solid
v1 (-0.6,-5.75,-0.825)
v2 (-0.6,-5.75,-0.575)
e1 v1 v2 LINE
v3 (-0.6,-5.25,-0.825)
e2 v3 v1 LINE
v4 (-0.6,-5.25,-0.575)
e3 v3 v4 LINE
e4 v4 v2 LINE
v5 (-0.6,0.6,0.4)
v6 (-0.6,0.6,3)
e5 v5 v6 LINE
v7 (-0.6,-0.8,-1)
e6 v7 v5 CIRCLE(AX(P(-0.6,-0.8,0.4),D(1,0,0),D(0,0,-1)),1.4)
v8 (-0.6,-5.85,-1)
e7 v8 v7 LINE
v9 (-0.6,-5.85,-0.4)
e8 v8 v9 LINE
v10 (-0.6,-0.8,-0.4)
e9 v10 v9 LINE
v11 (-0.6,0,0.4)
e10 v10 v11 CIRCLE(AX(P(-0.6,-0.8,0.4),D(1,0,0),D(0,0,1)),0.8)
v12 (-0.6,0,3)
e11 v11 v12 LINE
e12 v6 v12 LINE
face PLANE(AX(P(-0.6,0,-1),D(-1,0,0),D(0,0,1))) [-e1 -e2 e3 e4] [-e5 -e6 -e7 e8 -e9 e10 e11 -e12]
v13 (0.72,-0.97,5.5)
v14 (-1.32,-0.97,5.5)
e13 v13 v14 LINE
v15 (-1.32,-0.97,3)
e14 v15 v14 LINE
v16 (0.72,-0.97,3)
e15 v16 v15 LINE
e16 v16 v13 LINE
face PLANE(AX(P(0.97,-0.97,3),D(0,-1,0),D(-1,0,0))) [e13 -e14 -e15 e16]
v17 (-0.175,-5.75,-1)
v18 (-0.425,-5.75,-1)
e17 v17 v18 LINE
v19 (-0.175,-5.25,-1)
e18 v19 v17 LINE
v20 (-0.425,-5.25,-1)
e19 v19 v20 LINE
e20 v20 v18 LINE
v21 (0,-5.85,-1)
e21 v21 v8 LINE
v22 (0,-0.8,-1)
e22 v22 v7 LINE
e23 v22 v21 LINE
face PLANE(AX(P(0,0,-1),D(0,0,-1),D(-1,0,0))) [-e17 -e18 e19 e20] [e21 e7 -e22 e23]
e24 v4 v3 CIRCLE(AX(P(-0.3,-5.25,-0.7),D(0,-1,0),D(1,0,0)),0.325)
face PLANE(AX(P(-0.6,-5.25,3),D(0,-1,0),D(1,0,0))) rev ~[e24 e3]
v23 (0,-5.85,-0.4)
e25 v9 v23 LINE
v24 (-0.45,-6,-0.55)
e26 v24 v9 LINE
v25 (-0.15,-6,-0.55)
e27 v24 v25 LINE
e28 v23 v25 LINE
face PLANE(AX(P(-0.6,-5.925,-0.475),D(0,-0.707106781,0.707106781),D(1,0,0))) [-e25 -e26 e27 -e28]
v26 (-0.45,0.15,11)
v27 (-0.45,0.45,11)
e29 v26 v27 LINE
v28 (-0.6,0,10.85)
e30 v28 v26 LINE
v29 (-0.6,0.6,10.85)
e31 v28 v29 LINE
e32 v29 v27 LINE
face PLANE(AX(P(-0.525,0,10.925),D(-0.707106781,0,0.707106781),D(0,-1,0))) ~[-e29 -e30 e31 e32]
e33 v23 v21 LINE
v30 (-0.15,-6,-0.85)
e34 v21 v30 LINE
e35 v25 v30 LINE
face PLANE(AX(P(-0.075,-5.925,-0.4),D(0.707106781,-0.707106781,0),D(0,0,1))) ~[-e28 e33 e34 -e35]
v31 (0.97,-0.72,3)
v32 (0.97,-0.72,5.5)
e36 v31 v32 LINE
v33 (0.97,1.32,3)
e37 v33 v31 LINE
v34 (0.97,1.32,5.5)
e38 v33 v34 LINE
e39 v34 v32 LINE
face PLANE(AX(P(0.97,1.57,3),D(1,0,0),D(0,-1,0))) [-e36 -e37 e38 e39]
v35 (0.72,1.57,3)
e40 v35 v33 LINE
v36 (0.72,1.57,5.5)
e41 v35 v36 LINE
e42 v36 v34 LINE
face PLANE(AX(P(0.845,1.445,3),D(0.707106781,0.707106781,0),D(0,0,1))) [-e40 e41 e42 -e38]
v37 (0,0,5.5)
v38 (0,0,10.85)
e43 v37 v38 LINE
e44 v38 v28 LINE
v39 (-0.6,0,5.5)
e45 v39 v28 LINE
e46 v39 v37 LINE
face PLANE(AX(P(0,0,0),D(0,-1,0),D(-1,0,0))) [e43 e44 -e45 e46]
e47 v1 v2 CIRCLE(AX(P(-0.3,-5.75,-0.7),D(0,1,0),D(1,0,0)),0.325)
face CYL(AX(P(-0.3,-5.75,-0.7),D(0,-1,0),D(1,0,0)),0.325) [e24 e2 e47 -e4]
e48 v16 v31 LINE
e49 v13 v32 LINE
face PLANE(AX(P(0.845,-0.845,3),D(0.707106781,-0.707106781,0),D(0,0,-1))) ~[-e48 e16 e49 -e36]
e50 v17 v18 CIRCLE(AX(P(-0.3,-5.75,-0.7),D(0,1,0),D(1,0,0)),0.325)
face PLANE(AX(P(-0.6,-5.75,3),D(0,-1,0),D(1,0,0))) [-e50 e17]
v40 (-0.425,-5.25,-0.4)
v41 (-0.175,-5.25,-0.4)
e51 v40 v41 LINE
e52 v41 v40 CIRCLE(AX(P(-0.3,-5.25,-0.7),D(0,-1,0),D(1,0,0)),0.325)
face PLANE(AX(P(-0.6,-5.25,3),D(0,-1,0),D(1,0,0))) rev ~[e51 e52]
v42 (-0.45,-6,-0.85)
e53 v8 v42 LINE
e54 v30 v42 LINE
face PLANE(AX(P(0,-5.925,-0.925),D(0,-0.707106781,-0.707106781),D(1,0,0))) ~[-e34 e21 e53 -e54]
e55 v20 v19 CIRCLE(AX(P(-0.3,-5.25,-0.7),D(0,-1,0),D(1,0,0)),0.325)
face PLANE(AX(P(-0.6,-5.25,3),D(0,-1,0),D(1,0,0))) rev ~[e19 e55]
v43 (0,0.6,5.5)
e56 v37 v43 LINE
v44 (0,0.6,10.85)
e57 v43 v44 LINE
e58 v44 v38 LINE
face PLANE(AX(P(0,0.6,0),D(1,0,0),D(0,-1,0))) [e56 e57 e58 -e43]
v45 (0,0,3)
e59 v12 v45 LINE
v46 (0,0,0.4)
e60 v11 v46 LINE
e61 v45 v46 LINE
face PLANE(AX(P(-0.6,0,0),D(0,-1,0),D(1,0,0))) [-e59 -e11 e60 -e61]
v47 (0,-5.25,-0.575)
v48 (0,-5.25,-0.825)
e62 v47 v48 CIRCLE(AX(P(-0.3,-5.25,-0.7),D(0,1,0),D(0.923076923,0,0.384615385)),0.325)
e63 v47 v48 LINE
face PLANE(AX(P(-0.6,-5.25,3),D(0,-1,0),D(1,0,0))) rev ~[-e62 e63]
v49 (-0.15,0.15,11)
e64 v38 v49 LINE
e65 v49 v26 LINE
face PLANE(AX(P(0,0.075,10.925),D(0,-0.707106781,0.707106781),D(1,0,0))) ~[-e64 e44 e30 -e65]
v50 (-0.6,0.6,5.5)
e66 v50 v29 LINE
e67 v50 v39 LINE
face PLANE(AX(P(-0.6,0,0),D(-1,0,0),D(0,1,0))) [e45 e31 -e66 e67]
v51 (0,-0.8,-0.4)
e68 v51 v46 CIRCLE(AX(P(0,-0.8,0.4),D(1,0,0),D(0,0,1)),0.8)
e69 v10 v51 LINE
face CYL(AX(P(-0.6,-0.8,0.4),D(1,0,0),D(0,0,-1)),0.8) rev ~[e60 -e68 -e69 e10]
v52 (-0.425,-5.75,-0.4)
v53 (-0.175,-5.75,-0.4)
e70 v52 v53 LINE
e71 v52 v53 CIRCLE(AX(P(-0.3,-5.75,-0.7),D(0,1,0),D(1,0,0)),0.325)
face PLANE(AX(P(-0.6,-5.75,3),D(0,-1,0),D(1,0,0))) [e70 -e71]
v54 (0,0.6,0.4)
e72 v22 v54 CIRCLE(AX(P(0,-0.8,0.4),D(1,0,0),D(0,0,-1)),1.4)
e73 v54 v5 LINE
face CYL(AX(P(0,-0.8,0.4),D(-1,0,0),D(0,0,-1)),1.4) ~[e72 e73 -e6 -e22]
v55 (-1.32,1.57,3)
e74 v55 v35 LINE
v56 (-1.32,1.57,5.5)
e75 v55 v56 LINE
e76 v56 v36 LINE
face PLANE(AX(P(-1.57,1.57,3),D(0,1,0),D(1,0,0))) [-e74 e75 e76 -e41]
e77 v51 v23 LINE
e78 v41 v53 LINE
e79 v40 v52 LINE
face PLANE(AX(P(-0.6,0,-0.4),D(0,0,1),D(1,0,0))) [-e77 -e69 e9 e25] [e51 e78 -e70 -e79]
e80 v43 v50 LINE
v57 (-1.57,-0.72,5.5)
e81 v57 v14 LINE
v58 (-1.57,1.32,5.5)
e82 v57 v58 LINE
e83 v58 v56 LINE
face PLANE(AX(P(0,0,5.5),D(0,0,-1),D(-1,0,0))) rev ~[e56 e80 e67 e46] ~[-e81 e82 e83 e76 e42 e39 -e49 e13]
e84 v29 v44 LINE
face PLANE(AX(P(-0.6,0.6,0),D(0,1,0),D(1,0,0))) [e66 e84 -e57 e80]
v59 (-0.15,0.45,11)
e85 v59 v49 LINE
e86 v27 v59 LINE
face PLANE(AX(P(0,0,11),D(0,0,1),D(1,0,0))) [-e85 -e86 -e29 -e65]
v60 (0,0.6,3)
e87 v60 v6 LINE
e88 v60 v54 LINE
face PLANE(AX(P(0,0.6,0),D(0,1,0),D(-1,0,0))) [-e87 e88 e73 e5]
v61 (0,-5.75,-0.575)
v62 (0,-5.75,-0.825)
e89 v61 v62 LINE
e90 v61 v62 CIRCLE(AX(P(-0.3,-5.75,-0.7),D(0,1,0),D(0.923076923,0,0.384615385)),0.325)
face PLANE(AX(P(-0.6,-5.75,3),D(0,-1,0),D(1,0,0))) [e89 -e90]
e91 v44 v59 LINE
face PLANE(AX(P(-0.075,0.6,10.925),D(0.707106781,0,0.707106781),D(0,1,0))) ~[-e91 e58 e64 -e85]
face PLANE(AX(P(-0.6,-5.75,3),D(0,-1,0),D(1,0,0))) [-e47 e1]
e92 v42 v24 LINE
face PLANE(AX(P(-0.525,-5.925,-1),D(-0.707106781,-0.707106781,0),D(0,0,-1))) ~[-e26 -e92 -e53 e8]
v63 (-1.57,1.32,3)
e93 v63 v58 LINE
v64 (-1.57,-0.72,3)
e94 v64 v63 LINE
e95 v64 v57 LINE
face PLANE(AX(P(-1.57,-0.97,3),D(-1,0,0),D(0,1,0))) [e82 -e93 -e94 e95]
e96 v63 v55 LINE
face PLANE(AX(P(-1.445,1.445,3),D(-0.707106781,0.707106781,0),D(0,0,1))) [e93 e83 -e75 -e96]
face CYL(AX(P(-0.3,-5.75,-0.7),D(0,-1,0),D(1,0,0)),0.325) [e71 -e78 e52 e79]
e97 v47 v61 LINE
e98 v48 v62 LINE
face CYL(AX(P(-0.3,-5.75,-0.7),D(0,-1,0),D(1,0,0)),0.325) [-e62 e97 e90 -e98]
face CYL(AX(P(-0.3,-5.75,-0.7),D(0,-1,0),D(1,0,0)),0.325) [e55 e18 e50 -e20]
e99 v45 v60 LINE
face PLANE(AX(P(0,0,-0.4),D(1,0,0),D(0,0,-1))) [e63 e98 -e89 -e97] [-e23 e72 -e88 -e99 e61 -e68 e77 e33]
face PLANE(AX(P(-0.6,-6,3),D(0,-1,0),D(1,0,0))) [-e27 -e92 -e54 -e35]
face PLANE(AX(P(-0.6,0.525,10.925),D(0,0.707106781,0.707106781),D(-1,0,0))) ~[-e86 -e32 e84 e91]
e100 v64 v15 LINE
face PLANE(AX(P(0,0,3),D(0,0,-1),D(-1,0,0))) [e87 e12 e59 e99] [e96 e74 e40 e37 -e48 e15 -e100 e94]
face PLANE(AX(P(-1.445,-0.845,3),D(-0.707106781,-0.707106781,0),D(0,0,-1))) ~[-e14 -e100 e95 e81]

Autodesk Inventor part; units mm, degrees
ref_plane "YZ Plane" through (0, 0, 0) normal (1, 0, 0) x (0, 1, 0)
sketch "Skizze2" plane through (0, 0, 0) normal (0, 0, 1) x (1, 0, 0)
  line L0 (0, 0) -> (-0.6, 0)
  line L1 (-0.6, 0) -> (-0.6, 0.6)
  line L2 (-0.6, 0.6) -> (0, 0.6)
  line L3 (0, 0.6) -> (0, 0)
  dimension "d0" = 0.6
  dimension "d1" = 0.6
extrude "Extrusion1" add sketch "Skizze2" along normal blind 11
ref_plane "Arbeitsebene1" through (0, 0, 3) normal (0, 0, -1) x (-1, 0, 0)
sketch "Skizze3" plane through (0, 0, 3) normal (0, 0, -1) x (-1, 0, 0)
  line L0 (1.57, 1.57) -> (-0.97, 1.57)
  line L1 (-0.97, 1.57) -> (-0.97, -0.97)
  line L2 (-0.97, -0.97) -> (1.57, -0.97)
  line L3 (1.57, -0.97) -> (1.57, 1.57)
  line L4 (0.6, 0) -> (0.6, 0.6) projected
  line L5 (0, 0.6) -> (0.6, 0.6) projected
  point P0 (0, 0)
  dimension "d5" = 2.54
  dimension "d6" = 2.54
  dimension "d7" = 0.97
  dimension "d8" = 0.97
extrude "Extrusion2" add sketch "Skizze3" against normal blind 2.5
chamfer "Fase1" distance 0.25 angle 45 4 edges at (0.97, -0.97, 4.25) (-1.57, -0.97, 4.25) (-1.57, 1.57, 4.25) (0.97, 1.57, 4.25)
sketch "Skizze6" plane through (0, 0, 0) normal (0, 0, -1) x (-1, 0, 0)
  line L0 (0, 0.6) -> (0, 0) projected
  line L1 (0, 0.6) -> (0.6, 0.6)
  line L2 (0.6, 0.6) -> (0.6, 0)
  line L3 (0.6, 0) -> (0, 0)
  line L4 (0, 0) -> (0, 0.6)
extrude "Extrusion4" add sketch "Skizze6" along normal blind 1
sketch "Skizze7" plane through (-0.6, 0, 3) normal (0, -1, 0) x (1, 0, 0)
  line L0 (0.6, -4) -> (0, -4) projected
  line L1 (0.6, -4) -> (0, -4)
  line L2 (0, -4) -> (0, -3.4)
  line L3 (0, -3.4) -> (0.6, -3.4)
  line L4 (0.6, -3.4) -> (0.6, -4)
  point P0 (0.6, -3)
  dimension "d27" = 0.6
extrude "Extrusion5" add sketch "Skizze7" along normal blind 6
chamfer "Fase3" distance 0.15 angle 45 8 edges at (-0.6, 0.3, 11) (-0.3, 0, 11) (0, 0.3, 11) (-0.3, 0.6, 11) (0, -6, -0.7) (-0.3, -6, -0.4) (-0.6, -6, -0.7) (-0.3, -6, -1)
fillet "Rundung1" radius 0.8 1 edges at (-0.3, 0, -0.4)
fillet "Rundung2" radius 1.4 1 edges at (-0.3, 0.6, -1)
ref_plane "Arbeitsebene2" through (-0.6, -5.75, 3) normal (0, -1, 0) x (1, 0, 0)
sketch "Skizze8" plane through (-0.6, -5.75, 3) normal (0, -1, 0) x (1, 0, 0)
  circle A0 centre (0.3, -3.7) radius 0.325
  line L0 (0, -4) -> (0.6, -4) projected
  line L1 (0, -3.4) -> (0, -4) projected
  point P0 (0.6, -3)
  dimension "d33" = 0.65
  dimension "d34" = 0.3
  dimension "d35" = 0.3
extrude "Extrusion6" add sketch "Skizze8" against normal blind 0.5 contours A0 L0 L1 | L1 A0 | A0 L0 picked at (0.321, -3.7679)
properties part number "Stiftleiste_Male_90"
